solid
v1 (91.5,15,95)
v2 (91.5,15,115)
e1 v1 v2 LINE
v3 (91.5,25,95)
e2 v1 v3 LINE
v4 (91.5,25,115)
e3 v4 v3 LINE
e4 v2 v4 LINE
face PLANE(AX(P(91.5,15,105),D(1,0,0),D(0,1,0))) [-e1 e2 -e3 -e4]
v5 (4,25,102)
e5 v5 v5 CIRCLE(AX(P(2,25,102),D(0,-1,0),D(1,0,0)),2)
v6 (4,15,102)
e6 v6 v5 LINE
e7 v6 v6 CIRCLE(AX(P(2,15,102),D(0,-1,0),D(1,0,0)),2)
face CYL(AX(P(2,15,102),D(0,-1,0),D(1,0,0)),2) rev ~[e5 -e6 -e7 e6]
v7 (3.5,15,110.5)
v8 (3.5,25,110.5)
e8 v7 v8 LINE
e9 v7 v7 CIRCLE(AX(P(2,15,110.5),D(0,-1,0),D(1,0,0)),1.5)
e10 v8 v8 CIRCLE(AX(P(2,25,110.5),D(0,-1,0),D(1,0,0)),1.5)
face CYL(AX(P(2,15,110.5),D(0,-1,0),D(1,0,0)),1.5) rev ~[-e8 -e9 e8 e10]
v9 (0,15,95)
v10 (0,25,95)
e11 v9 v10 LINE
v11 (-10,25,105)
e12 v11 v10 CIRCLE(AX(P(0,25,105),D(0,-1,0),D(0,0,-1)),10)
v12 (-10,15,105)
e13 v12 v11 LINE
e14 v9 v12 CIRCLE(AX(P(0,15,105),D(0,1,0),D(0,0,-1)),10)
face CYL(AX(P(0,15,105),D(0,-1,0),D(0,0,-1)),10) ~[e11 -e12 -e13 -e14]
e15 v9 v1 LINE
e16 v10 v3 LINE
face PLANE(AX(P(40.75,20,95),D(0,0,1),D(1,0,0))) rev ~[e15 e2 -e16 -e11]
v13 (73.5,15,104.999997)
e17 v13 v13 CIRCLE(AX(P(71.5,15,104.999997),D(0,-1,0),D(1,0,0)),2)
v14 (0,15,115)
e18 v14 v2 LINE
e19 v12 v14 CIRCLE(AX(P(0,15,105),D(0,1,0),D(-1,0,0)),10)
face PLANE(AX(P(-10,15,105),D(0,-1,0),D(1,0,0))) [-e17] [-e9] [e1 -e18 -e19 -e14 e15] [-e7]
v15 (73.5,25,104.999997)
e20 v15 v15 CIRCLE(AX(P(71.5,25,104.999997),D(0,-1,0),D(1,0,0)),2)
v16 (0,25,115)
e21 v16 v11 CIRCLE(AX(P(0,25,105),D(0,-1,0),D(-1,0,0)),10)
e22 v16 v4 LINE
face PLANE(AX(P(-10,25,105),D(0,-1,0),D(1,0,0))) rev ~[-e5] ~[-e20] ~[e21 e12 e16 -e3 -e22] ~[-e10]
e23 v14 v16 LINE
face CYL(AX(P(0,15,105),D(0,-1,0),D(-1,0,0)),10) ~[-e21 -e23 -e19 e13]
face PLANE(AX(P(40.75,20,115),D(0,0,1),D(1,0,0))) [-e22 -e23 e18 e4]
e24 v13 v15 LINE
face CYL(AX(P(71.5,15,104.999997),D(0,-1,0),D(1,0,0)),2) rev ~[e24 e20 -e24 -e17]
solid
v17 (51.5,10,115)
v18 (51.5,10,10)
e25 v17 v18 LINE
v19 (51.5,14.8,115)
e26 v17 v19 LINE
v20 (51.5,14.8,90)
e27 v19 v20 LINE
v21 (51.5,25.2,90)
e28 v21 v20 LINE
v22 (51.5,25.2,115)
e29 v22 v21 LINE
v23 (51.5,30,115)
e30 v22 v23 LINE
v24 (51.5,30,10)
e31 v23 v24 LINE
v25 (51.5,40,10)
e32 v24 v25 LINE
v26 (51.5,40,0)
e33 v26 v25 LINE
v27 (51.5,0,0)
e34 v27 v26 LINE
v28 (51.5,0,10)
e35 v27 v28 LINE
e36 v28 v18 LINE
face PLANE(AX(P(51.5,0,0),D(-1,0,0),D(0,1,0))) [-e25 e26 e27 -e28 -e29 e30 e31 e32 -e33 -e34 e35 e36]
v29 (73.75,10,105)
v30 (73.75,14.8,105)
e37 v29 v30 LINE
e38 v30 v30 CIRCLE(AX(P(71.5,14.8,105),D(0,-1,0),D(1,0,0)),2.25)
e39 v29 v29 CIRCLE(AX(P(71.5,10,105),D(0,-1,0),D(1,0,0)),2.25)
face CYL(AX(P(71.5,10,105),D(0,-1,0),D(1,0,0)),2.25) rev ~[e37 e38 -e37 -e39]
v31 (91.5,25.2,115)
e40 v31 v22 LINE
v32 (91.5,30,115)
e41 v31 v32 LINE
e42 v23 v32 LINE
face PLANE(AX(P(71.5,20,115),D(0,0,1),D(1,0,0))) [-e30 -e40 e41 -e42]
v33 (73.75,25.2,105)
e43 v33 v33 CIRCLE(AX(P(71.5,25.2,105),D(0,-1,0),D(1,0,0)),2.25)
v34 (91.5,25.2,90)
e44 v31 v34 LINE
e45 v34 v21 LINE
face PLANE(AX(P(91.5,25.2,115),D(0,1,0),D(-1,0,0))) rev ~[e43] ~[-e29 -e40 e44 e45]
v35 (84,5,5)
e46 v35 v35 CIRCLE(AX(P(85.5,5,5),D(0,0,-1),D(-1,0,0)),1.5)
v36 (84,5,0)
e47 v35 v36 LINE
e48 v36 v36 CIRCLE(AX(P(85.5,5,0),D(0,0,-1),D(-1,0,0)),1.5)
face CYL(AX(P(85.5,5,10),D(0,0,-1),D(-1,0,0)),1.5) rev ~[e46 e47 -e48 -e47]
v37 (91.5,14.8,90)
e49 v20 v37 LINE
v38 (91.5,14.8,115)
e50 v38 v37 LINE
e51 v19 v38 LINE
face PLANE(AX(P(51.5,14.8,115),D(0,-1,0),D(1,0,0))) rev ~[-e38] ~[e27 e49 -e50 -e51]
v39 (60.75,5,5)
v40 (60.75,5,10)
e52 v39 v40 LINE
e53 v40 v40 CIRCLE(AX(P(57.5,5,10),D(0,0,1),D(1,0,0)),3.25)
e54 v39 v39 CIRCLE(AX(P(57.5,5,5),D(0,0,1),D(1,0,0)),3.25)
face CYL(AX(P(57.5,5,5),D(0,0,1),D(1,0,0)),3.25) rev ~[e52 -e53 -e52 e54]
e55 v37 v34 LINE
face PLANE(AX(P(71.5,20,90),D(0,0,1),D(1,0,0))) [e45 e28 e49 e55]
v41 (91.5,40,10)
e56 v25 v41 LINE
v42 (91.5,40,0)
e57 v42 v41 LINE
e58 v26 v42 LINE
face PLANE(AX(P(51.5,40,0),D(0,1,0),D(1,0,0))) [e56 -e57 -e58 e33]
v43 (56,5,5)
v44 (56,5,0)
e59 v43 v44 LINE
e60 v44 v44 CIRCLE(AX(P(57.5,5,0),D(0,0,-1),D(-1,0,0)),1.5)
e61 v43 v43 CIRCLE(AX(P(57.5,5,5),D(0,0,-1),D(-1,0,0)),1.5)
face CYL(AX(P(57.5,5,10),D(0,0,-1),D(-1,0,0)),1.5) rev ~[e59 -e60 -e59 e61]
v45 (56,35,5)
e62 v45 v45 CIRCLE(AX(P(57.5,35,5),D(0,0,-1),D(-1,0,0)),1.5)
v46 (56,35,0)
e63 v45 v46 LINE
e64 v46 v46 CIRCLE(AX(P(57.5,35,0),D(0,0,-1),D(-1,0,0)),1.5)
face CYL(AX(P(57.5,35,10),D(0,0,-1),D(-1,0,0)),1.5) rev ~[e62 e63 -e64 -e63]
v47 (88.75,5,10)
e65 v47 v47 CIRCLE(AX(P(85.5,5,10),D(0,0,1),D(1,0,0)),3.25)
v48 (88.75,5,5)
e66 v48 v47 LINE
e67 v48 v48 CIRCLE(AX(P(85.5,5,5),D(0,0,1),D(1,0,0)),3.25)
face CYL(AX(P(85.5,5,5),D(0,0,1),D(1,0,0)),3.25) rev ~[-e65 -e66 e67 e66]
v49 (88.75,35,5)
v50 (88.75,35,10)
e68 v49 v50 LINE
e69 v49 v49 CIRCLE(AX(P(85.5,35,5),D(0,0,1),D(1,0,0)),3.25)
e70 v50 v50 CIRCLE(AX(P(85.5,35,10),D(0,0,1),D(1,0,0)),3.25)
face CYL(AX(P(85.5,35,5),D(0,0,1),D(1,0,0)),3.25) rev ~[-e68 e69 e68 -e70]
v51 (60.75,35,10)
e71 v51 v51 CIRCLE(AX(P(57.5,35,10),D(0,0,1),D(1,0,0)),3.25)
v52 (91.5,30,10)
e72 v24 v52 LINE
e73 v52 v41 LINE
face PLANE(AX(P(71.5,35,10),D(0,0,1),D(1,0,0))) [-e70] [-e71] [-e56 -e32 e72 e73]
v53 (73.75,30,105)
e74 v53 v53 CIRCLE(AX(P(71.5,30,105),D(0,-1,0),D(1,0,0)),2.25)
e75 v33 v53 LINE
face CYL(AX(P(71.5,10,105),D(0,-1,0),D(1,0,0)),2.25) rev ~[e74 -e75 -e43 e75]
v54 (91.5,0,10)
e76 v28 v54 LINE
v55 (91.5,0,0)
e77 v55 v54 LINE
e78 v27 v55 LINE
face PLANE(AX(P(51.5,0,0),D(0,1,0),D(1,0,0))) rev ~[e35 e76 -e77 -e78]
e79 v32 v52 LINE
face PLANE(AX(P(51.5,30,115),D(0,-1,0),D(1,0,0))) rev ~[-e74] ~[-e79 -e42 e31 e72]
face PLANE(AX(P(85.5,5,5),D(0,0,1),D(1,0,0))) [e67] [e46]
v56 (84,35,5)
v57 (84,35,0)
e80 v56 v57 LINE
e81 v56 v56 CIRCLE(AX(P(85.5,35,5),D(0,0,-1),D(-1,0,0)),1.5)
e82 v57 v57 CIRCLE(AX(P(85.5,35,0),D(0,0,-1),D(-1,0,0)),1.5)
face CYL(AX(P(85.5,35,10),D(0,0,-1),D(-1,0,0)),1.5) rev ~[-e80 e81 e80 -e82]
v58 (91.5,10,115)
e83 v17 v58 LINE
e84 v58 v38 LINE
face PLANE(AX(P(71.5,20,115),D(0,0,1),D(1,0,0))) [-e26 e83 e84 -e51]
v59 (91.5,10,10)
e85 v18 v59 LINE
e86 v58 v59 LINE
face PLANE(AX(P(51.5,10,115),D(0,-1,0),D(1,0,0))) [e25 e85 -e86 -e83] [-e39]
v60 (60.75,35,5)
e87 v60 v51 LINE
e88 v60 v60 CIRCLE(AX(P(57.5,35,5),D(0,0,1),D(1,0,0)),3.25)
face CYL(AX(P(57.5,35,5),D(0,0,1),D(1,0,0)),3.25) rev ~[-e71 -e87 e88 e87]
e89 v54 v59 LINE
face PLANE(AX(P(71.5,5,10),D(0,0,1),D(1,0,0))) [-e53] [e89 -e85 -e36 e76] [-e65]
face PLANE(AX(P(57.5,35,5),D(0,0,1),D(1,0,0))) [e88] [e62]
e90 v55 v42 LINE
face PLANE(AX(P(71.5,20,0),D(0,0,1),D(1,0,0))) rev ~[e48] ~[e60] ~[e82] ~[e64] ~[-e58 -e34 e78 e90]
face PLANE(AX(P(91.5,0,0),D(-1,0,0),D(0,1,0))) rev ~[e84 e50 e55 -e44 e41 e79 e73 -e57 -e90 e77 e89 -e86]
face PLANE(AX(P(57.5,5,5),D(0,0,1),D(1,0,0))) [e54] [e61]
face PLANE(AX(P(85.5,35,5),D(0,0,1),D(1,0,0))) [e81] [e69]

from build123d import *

# Parameters (mm, degrees)
F0_W           = 40
F0_H           = 40
F1_DEPTH       = 115
F2_W           = 40
F2_H           = 10
F3_DEPTH       = 105
F5_D           = 3
F5_DEPTH       = 10.7
F5_CBORE_D     = 6.5
F5_CBORE_DEPTH = 5
F5_TIP         = 0.9012909285
F7_DEPTH       = 25
F8_R           = 2.25
F9_DEPTH       = 30.001
F11_W          = 101.5
F11_H          = 10
F12_DEPTH      = 10
F13_R          = 2
F13_R_2        = 1.5
F14_DEPTH      = 25.001


with BuildPart() as f1:
    # F0 (on Top) → F1 (new body)
    with BuildSketch(Plane.XY):
        with Locations((71.5, 20)):
            Rectangle(F0_W, F0_H)
    extrude(amount=F1_DEPTH)

    # F2 (on face) → F3 (cut)
    with BuildSketch(Plane.XY.offset(115)):
        with Locations((71.5, 5)):
            Rectangle(F2_W, F2_H)
        with Locations((71.5, 35)):
            Rectangle(F2_W, F2_H)
    extrude(amount=-F3_DEPTH, mode=Mode.SUBTRACT)

    # F5
    with Locations(Plane.XY.offset(10)):
        with Locations((57.5, 5), (85.5, 5), (85.5, 35), (57.5, 35)):
            CounterBoreHole(F5_D / 2, F5_CBORE_D / 2, F5_CBORE_DEPTH, depth=F5_DEPTH)
            with Locations((0, 0, -(F5_DEPTH + F5_TIP / 2))):  # 118° drill point
                Cone(0, F5_D / 2, F5_TIP, mode=Mode.SUBTRACT)

    # F6 (on face) → F7 (cut)
    with BuildSketch(Plane.XY.offset(115)):
        Polygon((51.5, 25.2), (51.5, 20), (51.5, 14.8), (91.5, 14.8), (91.5, 20), (91.5, 25.2), align=None)
    extrude(amount=-F7_DEPTH, mode=Mode.SUBTRACT)

    # F8 (on face) → F9 (cut, through all)
    with BuildSketch(Plane.XZ.offset(-10)):
        with Locations((71.5, 105)):
            Circle(F8_R)
    extrude(amount=-F9_DEPTH, mode=Mode.SUBTRACT)


with BuildPart() as f12:
    # F11 (on offset) → F12 (new body, symmetric)
    with BuildSketch(Plane.XY.offset(105)):
        with Locations((40.75, 20)):
            Rectangle(F11_W, F11_H)
    extrude(amount=F12_DEPTH, both=True)

    # F13 (on face) → F14 (cut, through all)
    with BuildSketch(Plane.XZ.offset(-15)):
        with Locations((71.5, 104.9999967217)):
            Circle(F13_R)
        with Locations((2, 102)):
            Circle(F13_R)
        with Locations((2, 110.5)):
            Circle(F13_R_2)
        with BuildLine():
            ThreePointArc((0, 95), (-7.0710678119, 97.9289321881), (-10, 105))
            Line((-10, 105), (-10, 95))
            Line((-10, 95), (0, 95))
        make_face()
        with BuildLine():
            ThreePointArc((-10, 105), (-7.0710678119, 112.0710678119), (0, 115))
            Line((0, 115), (-10, 115))
            Line((-10, 115), (-10, 105))
        make_face()
    extrude(amount=-F14_DEPTH, mode=Mode.SUBTRACT)


solid = Compound([f1.part, f12.part])
